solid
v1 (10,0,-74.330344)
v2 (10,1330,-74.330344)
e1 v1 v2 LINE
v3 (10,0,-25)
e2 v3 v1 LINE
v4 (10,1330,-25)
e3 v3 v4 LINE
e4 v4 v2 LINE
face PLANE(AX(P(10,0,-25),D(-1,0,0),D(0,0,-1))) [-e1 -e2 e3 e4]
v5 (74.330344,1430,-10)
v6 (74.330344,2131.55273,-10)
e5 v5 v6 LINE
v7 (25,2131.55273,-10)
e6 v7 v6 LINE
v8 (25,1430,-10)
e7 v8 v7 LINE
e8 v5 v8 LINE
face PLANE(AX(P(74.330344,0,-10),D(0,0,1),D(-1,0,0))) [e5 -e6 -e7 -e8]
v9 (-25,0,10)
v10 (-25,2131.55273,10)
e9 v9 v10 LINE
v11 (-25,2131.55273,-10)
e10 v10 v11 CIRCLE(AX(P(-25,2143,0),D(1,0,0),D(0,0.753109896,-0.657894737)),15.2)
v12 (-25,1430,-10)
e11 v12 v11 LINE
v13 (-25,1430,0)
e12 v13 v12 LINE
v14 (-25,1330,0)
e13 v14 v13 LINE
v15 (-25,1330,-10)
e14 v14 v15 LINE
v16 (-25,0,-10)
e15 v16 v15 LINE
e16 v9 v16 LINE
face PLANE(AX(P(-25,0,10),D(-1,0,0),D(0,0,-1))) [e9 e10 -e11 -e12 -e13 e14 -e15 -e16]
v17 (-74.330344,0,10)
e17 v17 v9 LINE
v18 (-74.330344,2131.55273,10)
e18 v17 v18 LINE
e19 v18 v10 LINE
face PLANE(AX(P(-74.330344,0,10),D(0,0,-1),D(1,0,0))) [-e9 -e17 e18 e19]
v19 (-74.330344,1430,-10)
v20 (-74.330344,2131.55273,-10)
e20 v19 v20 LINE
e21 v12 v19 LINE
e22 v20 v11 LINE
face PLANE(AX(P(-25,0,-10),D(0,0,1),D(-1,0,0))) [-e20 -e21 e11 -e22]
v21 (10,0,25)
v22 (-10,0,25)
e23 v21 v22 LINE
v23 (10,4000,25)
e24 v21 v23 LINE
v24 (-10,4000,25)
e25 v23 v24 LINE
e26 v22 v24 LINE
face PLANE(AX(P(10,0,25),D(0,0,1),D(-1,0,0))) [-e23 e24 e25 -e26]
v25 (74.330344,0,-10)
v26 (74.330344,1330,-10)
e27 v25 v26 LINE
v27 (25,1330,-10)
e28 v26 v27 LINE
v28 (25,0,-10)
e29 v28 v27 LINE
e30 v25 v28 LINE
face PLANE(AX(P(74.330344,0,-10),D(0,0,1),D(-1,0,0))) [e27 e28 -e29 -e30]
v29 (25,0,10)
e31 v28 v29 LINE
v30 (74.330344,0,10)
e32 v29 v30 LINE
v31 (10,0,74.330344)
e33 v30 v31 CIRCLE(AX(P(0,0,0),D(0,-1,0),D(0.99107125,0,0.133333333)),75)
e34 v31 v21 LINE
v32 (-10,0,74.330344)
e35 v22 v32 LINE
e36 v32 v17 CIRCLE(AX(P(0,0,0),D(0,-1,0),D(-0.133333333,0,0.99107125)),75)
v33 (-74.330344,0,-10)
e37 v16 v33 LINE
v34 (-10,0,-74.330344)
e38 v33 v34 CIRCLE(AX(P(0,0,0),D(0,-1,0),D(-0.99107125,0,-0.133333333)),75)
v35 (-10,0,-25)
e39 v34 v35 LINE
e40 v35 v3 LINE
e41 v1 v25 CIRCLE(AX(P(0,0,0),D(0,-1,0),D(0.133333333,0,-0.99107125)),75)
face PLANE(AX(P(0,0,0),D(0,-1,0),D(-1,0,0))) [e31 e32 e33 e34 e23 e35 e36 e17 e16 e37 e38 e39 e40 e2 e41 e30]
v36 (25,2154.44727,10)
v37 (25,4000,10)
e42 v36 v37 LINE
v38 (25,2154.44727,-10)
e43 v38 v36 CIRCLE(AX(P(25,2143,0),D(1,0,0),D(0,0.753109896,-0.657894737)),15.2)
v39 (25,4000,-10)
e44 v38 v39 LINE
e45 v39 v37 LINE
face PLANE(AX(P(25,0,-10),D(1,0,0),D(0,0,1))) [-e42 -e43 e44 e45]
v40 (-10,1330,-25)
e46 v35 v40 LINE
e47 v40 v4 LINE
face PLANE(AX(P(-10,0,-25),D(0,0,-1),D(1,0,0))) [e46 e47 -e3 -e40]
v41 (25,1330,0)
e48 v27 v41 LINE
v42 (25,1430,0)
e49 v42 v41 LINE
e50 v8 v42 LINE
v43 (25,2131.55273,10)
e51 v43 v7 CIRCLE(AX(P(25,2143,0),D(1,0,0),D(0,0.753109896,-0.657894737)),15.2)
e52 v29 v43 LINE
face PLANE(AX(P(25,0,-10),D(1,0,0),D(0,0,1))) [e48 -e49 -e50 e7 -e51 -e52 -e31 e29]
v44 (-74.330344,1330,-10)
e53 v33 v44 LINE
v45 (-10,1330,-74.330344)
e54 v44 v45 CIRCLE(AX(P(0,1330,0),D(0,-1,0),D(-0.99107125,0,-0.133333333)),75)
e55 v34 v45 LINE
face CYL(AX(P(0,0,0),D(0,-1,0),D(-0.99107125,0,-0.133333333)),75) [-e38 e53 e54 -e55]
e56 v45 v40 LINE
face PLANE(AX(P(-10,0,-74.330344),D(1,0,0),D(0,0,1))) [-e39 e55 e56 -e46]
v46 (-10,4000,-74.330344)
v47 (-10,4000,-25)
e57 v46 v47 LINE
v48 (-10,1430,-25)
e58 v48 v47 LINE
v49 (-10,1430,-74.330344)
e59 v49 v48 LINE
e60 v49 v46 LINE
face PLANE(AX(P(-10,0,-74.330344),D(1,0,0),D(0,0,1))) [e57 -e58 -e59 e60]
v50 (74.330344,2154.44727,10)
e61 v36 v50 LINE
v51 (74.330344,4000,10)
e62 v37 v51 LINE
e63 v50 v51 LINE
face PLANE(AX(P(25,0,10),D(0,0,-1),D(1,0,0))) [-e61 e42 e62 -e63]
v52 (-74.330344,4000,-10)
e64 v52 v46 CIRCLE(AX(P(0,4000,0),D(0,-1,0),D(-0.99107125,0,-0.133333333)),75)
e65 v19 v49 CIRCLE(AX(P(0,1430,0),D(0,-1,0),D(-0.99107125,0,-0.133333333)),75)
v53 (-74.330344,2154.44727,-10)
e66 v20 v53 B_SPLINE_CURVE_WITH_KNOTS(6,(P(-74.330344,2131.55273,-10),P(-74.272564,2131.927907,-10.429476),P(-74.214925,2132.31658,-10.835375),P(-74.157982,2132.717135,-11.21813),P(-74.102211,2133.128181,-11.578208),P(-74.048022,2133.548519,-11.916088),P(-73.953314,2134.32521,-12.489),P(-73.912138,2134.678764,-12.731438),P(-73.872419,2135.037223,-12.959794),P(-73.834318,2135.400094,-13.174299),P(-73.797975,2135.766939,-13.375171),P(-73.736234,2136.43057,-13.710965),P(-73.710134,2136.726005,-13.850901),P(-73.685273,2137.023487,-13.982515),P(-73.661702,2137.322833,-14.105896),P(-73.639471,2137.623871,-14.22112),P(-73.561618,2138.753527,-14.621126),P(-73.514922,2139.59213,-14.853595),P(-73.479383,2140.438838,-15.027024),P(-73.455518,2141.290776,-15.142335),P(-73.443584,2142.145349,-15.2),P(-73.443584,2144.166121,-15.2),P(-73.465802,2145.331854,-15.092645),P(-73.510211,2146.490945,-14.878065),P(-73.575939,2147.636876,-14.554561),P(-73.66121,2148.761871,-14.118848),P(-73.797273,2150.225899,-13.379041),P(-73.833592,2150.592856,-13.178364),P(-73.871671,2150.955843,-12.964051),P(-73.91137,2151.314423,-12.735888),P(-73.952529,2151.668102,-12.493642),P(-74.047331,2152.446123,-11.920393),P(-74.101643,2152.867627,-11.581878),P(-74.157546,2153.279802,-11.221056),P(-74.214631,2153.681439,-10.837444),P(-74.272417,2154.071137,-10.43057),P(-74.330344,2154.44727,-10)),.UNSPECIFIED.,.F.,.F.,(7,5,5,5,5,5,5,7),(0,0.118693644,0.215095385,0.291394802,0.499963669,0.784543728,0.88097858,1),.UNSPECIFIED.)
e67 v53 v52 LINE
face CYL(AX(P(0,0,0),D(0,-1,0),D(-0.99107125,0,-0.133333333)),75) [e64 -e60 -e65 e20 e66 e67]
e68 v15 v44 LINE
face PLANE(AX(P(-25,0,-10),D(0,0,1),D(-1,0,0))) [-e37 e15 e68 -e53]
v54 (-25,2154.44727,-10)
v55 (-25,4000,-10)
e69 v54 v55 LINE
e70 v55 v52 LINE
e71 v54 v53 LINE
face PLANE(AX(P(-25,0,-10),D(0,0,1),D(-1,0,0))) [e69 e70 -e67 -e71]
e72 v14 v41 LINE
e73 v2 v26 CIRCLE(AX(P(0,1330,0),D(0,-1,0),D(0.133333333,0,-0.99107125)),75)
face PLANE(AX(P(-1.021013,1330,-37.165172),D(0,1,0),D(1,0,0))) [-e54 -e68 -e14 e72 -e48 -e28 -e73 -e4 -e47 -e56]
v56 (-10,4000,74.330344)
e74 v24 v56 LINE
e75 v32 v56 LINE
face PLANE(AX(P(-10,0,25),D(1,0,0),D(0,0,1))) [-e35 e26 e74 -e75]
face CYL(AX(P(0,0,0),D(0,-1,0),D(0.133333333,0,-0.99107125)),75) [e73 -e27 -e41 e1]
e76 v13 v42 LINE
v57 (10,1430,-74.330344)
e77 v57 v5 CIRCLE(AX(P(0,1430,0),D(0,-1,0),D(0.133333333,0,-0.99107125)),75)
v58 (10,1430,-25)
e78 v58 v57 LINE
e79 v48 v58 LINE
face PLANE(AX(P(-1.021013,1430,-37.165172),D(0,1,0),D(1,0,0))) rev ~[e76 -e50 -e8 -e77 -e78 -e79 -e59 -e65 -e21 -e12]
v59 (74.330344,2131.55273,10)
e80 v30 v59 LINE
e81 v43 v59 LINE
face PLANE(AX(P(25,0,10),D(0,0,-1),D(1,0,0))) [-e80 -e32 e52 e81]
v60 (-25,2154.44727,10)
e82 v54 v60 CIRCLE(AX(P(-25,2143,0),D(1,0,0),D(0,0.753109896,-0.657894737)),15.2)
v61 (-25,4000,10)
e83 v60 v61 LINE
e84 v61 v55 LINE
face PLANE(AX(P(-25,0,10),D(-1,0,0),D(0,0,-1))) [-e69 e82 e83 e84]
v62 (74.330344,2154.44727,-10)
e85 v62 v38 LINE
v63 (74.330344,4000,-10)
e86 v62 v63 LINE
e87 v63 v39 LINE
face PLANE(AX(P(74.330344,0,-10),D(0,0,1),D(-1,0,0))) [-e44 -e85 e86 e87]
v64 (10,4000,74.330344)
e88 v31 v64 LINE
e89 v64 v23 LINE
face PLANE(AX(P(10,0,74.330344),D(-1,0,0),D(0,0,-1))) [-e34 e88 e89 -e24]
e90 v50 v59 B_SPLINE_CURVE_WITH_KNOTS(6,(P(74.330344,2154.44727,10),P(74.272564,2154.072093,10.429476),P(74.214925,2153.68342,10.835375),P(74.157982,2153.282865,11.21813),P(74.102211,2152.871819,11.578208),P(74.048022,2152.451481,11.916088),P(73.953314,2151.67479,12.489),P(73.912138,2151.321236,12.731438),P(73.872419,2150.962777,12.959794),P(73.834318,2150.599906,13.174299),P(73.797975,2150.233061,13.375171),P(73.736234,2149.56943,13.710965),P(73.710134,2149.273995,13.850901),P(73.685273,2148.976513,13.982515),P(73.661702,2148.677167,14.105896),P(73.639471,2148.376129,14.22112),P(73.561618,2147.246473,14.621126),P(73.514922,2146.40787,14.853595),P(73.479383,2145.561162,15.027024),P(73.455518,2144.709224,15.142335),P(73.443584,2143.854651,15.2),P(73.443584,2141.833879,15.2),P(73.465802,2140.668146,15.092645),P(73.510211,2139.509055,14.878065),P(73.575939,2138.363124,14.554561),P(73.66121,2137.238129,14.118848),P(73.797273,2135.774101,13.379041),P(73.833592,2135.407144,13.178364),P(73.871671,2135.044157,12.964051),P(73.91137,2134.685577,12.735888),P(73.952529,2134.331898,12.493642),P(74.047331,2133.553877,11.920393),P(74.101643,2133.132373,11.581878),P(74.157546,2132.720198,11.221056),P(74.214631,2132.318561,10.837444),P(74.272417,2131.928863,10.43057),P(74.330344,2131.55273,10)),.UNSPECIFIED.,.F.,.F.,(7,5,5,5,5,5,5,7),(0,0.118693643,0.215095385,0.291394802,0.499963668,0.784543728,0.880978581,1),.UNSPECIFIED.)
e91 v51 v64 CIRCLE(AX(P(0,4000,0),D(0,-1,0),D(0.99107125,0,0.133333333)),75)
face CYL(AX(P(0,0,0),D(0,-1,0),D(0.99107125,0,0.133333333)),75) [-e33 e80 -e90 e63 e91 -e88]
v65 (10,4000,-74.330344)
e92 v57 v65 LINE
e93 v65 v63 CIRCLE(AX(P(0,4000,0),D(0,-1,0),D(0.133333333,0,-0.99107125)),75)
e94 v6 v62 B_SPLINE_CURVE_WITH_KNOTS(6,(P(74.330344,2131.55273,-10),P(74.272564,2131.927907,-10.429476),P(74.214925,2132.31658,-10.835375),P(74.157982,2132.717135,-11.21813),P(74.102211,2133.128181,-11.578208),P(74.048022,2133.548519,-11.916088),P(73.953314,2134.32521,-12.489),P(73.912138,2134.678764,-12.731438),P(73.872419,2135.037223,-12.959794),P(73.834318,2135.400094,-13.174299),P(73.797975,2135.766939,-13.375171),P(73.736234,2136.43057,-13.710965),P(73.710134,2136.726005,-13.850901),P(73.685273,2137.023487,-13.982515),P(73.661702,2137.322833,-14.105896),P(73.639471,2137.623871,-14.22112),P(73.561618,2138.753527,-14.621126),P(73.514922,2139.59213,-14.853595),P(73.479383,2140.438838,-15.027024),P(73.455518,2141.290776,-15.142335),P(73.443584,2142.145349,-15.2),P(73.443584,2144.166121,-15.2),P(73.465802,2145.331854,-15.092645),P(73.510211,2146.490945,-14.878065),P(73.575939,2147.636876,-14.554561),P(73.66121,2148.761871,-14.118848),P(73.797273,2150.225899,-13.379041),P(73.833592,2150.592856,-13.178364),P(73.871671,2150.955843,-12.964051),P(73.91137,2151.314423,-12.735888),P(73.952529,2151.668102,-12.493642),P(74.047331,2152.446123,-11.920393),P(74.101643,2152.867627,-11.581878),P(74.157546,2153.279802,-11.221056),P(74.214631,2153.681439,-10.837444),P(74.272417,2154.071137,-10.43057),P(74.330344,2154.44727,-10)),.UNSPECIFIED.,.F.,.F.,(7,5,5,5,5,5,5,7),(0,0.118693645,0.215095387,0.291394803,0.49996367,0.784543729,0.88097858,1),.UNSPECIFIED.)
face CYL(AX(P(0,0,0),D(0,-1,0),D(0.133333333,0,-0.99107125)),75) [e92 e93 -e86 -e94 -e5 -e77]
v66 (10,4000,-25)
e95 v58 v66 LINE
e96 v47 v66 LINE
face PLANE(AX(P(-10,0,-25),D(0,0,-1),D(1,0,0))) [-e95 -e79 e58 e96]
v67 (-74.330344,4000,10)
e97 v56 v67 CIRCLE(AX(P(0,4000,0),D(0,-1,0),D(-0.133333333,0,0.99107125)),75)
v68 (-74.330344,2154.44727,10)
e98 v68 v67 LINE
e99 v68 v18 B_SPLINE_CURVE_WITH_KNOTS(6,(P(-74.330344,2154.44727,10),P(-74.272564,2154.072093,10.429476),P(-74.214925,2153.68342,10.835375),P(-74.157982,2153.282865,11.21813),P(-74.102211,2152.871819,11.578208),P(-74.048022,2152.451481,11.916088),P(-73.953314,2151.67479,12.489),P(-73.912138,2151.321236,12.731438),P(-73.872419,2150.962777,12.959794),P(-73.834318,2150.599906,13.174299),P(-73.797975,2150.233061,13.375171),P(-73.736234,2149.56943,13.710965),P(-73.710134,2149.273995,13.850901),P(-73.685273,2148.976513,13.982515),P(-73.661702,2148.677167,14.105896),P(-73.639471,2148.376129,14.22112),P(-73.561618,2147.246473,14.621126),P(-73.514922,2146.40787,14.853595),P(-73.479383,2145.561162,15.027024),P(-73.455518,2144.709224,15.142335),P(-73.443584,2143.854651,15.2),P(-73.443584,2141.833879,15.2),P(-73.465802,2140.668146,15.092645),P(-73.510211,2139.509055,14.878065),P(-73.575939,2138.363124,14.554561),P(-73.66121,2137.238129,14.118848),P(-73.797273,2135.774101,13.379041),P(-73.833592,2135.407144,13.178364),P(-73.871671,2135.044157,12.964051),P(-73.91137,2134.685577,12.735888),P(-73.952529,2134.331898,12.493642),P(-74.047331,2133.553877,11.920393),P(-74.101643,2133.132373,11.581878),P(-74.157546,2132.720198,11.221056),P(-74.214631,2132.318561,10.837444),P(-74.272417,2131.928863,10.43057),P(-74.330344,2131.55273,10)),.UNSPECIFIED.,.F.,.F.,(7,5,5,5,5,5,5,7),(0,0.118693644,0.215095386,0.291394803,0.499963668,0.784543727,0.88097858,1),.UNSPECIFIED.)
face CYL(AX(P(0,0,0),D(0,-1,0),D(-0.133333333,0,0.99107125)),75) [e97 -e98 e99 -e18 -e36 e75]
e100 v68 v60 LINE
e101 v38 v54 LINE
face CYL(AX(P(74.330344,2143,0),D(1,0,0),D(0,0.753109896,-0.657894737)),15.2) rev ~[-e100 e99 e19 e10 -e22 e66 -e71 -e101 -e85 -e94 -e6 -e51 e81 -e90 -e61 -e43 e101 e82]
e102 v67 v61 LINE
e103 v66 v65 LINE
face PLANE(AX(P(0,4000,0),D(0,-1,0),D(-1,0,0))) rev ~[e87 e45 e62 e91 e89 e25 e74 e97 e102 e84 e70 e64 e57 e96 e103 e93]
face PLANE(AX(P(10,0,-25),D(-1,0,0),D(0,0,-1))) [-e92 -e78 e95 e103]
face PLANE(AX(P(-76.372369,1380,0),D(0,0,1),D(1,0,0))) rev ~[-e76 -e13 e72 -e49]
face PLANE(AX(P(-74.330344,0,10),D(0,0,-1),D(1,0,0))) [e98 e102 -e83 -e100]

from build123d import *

# Parameters (mm, degrees)
BOSS_EXTRUDE2_DEPTH = 4000
CUT_EXTRUDE2_START  = 1380
SKETCH2_W           = 150.702712824
SKETCH2_H           = 74.330343737
CUT_EXTRUDE2_DEPTH  = 50
SKETCH3_R           = 15.2
CUT_EXTRUDE3_DEPTH  = 4004.451635776


with BuildPart() as part:
    # Sketch1 → Boss-Extrude2 (new body)
    with BuildSketch(Plane(origin=(0, 0, 0), x_dir=(1, 0, 0), z_dir=(0, 1, 0))):
        with BuildLine():
            Line((-10, 74.330343737), (-10, 25))
            Line((-10, 25), (10, 25))
            Line((10, 25), (10, 74.330343737))
            ThreePointArc((10, 74.330343737), (53.033008589, 53.033008589), (74.330343737, 10))
            Line((74.330343737, 10), (25, 10))
            Line((25, 10), (25, -10))
            Line((25, -10), (74.330343737, -10))
            ThreePointArc((74.330343737, -10), (53.033008589, -53.033008589), (10, -74.330343737))
            Line((10, -74.330343737), (10, -25))
            Line((10, -25), (-10, -25))
            Line((-10, -25), (-10, -74.330343737))
            ThreePointArc((-10, -74.330343737), (-53.033008589, -53.033008589), (-74.330343737, -10))
            Line((-74.330343737, -10), (-25, -10))
            Line((-25, -10), (-25, 10))
            Line((-25, 10), (-74.330343737, 10))
            ThreePointArc((-74.330343737, 10), (-53.033008589, 53.033008589), (-10, 74.330343737))
        make_face()
    extrude(amount=BOSS_EXTRUDE2_DEPTH)

    # Sketch2 → Cut-Extrude2 (cut, symmetric)
    with BuildSketch(Plane(origin=(0, 0, 0), x_dir=(1, 0, 0), z_dir=(0, 1, 0)).offset(CUT_EXTRUDE2_START)):
        with Locations((-1.021012675, 37.165171869)):
            Rectangle(SKETCH2_W, SKETCH2_H)
    extrude(amount=CUT_EXTRUDE2_DEPTH, both=True, mode=Mode.SUBTRACT)

    # Sketch3 → Cut-Extrude3 (cut, through all)
    with BuildSketch(Plane(origin=(74.330343737, 0, 0), x_dir=(0, 0, -1), z_dir=(1, 0, 0))):
        with Locations(Location((0, 2143, 0), (0, 0, 48.860489585))):
            Circle(SKETCH3_R)
    extrude(amount=-CUT_EXTRUDE3_DEPTH, mode=Mode.SUBTRACT)


solid = part.part
